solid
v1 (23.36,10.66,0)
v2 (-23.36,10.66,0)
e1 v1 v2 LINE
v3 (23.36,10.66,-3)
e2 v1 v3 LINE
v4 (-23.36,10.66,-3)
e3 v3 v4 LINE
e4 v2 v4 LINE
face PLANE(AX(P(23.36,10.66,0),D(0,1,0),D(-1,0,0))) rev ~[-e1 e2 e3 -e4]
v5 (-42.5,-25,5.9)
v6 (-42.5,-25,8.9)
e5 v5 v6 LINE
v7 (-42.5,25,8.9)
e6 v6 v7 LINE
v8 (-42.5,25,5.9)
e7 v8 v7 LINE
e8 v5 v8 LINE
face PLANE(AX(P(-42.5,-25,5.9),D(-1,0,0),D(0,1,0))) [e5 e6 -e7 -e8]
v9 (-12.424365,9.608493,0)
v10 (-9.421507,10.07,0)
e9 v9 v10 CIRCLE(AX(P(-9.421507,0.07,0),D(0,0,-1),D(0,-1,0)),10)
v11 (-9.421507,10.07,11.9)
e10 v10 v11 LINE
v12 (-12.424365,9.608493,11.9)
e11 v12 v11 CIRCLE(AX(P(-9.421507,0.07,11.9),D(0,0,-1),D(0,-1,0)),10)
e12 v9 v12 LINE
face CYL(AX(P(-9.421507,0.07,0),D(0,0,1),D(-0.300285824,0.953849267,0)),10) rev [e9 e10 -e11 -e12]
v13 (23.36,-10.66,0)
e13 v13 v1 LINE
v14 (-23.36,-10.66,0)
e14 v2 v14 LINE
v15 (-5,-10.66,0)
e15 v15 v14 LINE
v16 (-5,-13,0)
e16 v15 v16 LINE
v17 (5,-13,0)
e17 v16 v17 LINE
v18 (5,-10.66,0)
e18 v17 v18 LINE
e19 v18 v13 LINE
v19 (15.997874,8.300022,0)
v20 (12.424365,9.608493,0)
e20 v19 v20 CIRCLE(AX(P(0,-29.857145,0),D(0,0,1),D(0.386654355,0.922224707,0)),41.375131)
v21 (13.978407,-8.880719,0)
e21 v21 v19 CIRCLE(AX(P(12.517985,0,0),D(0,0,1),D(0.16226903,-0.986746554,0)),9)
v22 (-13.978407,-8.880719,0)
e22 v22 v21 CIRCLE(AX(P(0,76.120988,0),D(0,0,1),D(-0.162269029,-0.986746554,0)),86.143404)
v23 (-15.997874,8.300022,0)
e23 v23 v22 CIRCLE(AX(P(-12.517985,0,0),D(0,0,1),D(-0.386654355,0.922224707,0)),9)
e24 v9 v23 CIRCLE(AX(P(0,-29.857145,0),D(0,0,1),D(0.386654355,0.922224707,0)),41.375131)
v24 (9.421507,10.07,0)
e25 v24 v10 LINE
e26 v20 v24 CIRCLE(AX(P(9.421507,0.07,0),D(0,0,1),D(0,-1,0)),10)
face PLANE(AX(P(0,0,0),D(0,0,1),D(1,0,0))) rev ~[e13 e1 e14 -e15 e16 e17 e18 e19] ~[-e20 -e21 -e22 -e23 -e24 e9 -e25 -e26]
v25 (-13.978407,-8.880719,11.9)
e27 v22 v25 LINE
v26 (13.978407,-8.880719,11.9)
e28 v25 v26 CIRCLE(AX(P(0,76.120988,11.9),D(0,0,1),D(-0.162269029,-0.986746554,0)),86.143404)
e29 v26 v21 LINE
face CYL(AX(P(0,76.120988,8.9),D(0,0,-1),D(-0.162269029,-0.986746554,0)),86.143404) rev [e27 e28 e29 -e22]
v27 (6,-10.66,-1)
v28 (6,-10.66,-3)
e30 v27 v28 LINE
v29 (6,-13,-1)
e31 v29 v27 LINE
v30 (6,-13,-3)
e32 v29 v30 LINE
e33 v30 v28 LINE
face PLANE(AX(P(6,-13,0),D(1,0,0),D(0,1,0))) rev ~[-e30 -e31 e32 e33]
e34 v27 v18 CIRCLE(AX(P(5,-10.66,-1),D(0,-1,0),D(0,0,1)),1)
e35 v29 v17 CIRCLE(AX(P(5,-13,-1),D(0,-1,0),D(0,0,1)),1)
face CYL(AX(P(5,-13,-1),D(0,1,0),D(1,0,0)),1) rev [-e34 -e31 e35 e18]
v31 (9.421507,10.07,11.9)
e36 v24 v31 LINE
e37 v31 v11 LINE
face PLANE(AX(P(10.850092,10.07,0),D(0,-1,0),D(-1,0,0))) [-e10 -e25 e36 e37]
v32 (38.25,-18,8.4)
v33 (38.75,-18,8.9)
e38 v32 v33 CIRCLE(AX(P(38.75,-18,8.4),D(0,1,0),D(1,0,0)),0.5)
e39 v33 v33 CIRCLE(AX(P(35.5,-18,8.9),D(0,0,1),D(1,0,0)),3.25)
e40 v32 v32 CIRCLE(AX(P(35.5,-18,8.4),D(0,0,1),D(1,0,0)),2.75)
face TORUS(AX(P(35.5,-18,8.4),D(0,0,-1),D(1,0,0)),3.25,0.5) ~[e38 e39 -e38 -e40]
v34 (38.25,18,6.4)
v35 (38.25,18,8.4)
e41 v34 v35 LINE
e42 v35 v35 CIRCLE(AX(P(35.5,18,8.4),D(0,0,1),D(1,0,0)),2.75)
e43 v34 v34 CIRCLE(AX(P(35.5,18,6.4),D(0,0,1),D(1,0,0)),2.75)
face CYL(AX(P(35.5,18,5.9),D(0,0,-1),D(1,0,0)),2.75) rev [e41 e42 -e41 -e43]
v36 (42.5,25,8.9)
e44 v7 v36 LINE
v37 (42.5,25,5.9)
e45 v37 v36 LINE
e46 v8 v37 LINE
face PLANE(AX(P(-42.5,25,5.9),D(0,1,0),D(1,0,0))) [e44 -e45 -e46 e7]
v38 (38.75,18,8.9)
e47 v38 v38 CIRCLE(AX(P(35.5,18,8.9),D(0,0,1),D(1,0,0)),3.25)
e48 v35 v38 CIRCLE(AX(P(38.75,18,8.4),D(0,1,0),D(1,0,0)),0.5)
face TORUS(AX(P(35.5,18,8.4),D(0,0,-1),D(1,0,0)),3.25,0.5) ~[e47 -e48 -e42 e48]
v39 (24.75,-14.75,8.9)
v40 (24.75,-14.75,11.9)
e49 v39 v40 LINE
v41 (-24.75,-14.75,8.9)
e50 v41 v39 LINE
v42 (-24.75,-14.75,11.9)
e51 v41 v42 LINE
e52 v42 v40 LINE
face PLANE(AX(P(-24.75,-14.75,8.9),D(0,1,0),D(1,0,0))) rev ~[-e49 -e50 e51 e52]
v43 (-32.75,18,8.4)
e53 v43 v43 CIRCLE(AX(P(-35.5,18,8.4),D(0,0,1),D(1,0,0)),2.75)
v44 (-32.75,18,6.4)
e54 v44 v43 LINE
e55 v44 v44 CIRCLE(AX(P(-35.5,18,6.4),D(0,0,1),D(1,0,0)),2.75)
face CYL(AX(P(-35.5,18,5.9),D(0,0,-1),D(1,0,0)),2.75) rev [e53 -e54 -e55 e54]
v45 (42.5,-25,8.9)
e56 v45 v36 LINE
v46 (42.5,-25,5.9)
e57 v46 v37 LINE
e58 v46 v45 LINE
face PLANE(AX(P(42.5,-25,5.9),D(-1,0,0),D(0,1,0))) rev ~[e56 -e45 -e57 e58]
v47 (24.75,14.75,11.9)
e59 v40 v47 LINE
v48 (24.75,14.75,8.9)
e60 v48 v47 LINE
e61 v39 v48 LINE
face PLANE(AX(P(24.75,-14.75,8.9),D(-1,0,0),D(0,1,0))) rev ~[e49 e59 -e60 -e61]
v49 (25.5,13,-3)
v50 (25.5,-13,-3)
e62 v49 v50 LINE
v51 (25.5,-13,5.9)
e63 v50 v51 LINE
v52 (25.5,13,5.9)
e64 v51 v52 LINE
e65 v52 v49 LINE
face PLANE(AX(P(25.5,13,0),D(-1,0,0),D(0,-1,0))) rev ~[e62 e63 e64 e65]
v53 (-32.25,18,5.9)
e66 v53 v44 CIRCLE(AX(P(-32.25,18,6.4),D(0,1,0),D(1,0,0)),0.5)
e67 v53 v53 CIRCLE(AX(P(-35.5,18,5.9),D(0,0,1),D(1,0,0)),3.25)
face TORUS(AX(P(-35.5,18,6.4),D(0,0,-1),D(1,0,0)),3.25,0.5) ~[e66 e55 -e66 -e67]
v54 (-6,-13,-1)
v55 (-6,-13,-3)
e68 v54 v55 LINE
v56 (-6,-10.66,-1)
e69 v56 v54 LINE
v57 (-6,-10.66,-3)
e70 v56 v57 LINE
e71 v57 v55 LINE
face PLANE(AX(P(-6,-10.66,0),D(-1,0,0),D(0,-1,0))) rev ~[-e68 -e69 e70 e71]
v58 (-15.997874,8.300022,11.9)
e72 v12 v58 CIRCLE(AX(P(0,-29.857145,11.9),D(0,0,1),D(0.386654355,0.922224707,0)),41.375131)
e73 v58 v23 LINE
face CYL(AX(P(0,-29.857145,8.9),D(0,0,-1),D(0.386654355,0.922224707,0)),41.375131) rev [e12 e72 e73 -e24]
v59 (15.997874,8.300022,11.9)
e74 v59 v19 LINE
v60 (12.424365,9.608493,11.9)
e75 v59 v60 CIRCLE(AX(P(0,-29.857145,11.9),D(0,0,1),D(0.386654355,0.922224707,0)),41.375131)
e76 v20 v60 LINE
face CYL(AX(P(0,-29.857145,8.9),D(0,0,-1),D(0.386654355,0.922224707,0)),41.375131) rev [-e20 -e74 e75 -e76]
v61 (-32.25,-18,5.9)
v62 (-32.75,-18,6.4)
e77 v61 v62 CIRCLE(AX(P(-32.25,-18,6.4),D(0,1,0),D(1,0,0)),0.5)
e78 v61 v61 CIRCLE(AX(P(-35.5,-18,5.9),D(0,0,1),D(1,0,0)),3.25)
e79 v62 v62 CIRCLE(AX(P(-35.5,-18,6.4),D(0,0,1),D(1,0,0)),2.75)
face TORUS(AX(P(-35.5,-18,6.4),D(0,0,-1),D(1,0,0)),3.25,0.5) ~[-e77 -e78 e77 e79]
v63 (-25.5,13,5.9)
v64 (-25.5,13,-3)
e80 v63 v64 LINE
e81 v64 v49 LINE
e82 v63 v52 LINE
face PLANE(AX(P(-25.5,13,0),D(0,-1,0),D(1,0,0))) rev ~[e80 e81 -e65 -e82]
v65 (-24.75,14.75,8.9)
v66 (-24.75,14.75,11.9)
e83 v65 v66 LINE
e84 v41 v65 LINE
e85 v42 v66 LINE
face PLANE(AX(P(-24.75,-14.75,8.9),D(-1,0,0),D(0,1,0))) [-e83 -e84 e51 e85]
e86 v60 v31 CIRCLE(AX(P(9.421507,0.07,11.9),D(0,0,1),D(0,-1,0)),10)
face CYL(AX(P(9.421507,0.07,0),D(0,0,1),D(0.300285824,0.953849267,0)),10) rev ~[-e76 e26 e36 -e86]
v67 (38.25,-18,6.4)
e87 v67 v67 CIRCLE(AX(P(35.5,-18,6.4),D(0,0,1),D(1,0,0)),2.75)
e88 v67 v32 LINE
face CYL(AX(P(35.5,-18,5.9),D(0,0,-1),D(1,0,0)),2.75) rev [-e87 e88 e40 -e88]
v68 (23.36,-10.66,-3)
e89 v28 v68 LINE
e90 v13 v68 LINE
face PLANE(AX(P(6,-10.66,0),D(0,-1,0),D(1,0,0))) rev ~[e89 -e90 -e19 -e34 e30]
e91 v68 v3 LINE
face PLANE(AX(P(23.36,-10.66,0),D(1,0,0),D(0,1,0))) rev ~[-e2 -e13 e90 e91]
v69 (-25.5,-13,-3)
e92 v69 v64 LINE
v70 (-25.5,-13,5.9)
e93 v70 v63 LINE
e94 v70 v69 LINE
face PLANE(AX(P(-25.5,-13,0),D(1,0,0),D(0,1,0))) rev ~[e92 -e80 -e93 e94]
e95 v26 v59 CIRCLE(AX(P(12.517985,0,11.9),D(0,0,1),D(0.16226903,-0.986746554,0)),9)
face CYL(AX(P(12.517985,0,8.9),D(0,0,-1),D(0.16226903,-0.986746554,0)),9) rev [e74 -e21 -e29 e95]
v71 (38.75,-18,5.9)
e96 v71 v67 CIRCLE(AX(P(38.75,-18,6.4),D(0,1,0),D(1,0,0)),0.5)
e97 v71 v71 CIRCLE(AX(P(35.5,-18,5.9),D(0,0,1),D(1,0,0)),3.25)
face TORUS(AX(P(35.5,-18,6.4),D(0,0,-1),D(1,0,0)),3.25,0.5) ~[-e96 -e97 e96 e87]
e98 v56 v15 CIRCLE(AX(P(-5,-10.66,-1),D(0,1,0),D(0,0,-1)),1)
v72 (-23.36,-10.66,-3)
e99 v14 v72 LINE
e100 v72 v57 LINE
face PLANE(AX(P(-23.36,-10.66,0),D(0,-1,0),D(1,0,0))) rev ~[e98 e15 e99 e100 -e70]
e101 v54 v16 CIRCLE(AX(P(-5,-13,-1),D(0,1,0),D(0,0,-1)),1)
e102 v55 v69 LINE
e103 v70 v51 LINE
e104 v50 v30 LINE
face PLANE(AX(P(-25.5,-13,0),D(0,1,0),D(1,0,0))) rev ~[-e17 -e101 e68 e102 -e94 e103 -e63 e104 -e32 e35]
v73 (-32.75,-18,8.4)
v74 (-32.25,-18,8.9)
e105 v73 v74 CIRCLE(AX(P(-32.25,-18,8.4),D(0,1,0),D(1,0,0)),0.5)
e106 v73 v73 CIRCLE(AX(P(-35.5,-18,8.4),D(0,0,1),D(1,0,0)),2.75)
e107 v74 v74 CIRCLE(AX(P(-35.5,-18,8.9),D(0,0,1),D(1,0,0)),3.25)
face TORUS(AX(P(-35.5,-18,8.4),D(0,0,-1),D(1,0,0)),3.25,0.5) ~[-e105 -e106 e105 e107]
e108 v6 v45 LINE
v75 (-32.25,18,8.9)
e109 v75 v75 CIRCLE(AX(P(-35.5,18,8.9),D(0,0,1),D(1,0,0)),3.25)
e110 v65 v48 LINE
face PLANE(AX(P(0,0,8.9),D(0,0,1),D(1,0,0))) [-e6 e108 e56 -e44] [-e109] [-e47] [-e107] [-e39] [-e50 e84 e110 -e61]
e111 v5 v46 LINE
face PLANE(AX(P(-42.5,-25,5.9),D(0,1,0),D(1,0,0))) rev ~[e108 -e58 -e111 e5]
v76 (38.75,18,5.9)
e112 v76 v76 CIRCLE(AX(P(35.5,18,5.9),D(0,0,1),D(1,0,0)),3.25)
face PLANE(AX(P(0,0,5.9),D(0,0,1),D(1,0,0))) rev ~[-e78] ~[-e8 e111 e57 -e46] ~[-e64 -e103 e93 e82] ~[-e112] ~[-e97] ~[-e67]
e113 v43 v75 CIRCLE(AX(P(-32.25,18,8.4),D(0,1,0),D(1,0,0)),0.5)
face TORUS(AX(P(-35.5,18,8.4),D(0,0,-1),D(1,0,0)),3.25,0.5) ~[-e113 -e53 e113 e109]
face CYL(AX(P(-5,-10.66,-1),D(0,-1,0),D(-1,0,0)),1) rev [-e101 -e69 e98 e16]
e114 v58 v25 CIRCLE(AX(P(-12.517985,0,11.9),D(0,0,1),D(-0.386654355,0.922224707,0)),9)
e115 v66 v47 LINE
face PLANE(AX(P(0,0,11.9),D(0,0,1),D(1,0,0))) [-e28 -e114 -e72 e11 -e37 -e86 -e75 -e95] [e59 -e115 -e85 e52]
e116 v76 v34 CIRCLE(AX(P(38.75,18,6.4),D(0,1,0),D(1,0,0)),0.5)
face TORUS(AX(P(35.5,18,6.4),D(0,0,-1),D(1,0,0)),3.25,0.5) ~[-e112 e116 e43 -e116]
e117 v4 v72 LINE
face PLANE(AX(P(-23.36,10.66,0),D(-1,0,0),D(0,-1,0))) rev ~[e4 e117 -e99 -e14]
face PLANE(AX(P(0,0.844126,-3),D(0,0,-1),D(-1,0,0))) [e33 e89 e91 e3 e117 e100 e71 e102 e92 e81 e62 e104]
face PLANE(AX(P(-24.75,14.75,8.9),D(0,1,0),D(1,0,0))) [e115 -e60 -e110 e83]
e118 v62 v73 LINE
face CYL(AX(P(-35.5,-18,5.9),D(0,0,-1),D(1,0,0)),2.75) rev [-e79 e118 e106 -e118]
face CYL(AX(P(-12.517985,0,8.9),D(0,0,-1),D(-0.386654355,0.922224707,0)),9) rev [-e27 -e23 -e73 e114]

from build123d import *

# Parameters (mm, degrees)
SKETCH1_W           = 51
SKETCH1_H           = 26
BOSS_EXTRUDE1_DEPTH = 5.9
SKETCH3_W           = 85
SKETCH3_H           = 50
SKETCH3_R           = 2.75
BOSS_EXTRUDE2_DEPTH = 3
SKETCH4_W           = 49.5
SKETCH4_H           = 29.5
BOSS_EXTRUDE3_DEPTH = 3
FILLET1_R           = 0.5
BOSS_EXTRUDE4_DEPTH = 11.9
FILLET2_R           = 10
BOSS_EXTRUDE5_DEPTH = 3
FILLET3_R           = 1


with BuildPart() as part:
    # Sketch1 → Boss-Extrude1 (new body)
    with BuildSketch(Plane.XY):
        Rectangle(SKETCH1_W, SKETCH1_H)
        with BuildLine():
            ThreePointArc((-15.997874486, 8.30002236), (-21.456449092, -1.050649716), (-13.978406554, -8.880718987))
            ThreePointArc((-13.978406554, -8.880718987), (0, -10.022415929), (13.978406554, -8.880718987))
            ThreePointArc((13.978406554, -8.880718987), (21.456449092, -1.050649716), (15.997874486, 8.30002236))
            ThreePointArc((15.997874486, 8.30002236), (0, 11.517985288), (-15.997874486, 8.30002236))
        make_face(mode=Mode.SUBTRACT)
    extrude(amount=BOSS_EXTRUDE1_DEPTH)

    # Sketch3 → Boss-Extrude2 (add)
    with BuildSketch(Plane.XY.offset(5.9)):
        Rectangle(SKETCH3_W, SKETCH3_H)
        with Locations((-35.5, 18)):
            Circle(SKETCH3_R, mode=Mode.SUBTRACT)
        with Locations((35.5, 18)):
            Circle(SKETCH3_R, mode=Mode.SUBTRACT)
        with Locations((35.5, -18)):
            Circle(SKETCH3_R, mode=Mode.SUBTRACT)
        with Locations((-35.5, -18)):
            Circle(SKETCH3_R, mode=Mode.SUBTRACT)
        with BuildLine():
            ThreePointArc((-13.978406554, -8.880718987), (0, -10.022415929), (13.978406554, -8.880718987))
            ThreePointArc((13.978406554, -8.880718987), (21.456449092, -1.050649716), (15.997874486, 8.30002236))
            ThreePointArc((15.997874486, 8.30002236), (0, 11.517985288), (-15.997874486, 8.30002236))
            ThreePointArc((-15.997874486, 8.30002236), (-21.456449092, -1.050649716), (-13.978406554, -8.880718987))
        make_face(mode=Mode.SUBTRACT)
    extrude(amount=BOSS_EXTRUDE2_DEPTH)

    # Sketch4 → Boss-Extrude3 (add)
    with BuildSketch(Plane.XY.offset(8.9)):
        Rectangle(SKETCH4_W, SKETCH4_H)
        with BuildLine():
            ThreePointArc((-13.978406554, -8.880718987), (0, -10.022415929), (13.978406554, -8.880718987))
            ThreePointArc((13.978406554, -8.880718987), (21.456449092, -1.050649716), (15.997874486, 8.30002236))
            ThreePointArc((15.997874486, 8.30002236), (0, 11.517985288), (-15.997874486, 8.30002236))
            ThreePointArc((-15.997874486, 8.30002236), (-21.456449092, -1.050649716), (-13.978406554, -8.880718987))
        make_face(mode=Mode.SUBTRACT)
    extrude(amount=BOSS_EXTRUDE3_DEPTH)

    # Fillet1
    fillet1_edges = [part.edges().sort_by_distance(p)[0] for p in [
        (32.75, -18, 5.9),
        (-38.25, 18, 5.9),
        (32.75, 18, 5.9),
        (-38.25, -18, 5.9),
        (-38.25, 18, 8.9),
        (32.75, 18, 8.9),
        (32.75, -18, 8.9),
        (-38.25, -18, 8.9),
    ]]
    fillet(fillet1_edges, radius=FILLET1_R)

    # Sketch6 → Boss-Extrude4 (add)
    with BuildSketch(Plane(origin=(0, 0, 0), x_dir=(-1, 0, 0), z_dir=(0, 0, -1))):
        with BuildLine():
            Line((-10.850092151, 10.07), (10.850092151, 10.07))
            ThreePointArc((10.850092151, 10.07), (0, 11.517985288), (-10.850092151, 10.07))
        make_face()
    extrude(amount=-BOSS_EXTRUDE4_DEPTH)

    # Fillet2
    fillet2_edges = [part.edges().sort_by_distance(p)[0] for p in [
        (10.850092151, 10.07, 5.95),
        (-10.850092151, 10.07, 5.95),
    ]]
    fillet(fillet2_edges, radius=FILLET2_R)

    # Sketch7 → Boss-Extrude5 (add)
    with BuildSketch(Plane(origin=(0, 0, 0), x_dir=(-1, 0, 0), z_dir=(0, 0, -1))):
        Polygon((-23.36, -10.66), (-23.36, 10.66), (23.36, 10.66), (23.36, -10.66), (6, -10.66), (6, -13), (25.5, -13), (25.5, 13), (-25.5, 13), (-25.5, -13), (-6, -13), (-6, -10.66), align=None)
    extrude(amount=BOSS_EXTRUDE5_DEPTH)

    # Fillet3
    fillet3_edges = [part.edges().sort_by_distance(p)[0] for p in [
        (-6, -11.83, 0),
        (6, -11.83, 0),
    ]]
    fillet(fillet3_edges, radius=FILLET3_R)


solid = part.part
